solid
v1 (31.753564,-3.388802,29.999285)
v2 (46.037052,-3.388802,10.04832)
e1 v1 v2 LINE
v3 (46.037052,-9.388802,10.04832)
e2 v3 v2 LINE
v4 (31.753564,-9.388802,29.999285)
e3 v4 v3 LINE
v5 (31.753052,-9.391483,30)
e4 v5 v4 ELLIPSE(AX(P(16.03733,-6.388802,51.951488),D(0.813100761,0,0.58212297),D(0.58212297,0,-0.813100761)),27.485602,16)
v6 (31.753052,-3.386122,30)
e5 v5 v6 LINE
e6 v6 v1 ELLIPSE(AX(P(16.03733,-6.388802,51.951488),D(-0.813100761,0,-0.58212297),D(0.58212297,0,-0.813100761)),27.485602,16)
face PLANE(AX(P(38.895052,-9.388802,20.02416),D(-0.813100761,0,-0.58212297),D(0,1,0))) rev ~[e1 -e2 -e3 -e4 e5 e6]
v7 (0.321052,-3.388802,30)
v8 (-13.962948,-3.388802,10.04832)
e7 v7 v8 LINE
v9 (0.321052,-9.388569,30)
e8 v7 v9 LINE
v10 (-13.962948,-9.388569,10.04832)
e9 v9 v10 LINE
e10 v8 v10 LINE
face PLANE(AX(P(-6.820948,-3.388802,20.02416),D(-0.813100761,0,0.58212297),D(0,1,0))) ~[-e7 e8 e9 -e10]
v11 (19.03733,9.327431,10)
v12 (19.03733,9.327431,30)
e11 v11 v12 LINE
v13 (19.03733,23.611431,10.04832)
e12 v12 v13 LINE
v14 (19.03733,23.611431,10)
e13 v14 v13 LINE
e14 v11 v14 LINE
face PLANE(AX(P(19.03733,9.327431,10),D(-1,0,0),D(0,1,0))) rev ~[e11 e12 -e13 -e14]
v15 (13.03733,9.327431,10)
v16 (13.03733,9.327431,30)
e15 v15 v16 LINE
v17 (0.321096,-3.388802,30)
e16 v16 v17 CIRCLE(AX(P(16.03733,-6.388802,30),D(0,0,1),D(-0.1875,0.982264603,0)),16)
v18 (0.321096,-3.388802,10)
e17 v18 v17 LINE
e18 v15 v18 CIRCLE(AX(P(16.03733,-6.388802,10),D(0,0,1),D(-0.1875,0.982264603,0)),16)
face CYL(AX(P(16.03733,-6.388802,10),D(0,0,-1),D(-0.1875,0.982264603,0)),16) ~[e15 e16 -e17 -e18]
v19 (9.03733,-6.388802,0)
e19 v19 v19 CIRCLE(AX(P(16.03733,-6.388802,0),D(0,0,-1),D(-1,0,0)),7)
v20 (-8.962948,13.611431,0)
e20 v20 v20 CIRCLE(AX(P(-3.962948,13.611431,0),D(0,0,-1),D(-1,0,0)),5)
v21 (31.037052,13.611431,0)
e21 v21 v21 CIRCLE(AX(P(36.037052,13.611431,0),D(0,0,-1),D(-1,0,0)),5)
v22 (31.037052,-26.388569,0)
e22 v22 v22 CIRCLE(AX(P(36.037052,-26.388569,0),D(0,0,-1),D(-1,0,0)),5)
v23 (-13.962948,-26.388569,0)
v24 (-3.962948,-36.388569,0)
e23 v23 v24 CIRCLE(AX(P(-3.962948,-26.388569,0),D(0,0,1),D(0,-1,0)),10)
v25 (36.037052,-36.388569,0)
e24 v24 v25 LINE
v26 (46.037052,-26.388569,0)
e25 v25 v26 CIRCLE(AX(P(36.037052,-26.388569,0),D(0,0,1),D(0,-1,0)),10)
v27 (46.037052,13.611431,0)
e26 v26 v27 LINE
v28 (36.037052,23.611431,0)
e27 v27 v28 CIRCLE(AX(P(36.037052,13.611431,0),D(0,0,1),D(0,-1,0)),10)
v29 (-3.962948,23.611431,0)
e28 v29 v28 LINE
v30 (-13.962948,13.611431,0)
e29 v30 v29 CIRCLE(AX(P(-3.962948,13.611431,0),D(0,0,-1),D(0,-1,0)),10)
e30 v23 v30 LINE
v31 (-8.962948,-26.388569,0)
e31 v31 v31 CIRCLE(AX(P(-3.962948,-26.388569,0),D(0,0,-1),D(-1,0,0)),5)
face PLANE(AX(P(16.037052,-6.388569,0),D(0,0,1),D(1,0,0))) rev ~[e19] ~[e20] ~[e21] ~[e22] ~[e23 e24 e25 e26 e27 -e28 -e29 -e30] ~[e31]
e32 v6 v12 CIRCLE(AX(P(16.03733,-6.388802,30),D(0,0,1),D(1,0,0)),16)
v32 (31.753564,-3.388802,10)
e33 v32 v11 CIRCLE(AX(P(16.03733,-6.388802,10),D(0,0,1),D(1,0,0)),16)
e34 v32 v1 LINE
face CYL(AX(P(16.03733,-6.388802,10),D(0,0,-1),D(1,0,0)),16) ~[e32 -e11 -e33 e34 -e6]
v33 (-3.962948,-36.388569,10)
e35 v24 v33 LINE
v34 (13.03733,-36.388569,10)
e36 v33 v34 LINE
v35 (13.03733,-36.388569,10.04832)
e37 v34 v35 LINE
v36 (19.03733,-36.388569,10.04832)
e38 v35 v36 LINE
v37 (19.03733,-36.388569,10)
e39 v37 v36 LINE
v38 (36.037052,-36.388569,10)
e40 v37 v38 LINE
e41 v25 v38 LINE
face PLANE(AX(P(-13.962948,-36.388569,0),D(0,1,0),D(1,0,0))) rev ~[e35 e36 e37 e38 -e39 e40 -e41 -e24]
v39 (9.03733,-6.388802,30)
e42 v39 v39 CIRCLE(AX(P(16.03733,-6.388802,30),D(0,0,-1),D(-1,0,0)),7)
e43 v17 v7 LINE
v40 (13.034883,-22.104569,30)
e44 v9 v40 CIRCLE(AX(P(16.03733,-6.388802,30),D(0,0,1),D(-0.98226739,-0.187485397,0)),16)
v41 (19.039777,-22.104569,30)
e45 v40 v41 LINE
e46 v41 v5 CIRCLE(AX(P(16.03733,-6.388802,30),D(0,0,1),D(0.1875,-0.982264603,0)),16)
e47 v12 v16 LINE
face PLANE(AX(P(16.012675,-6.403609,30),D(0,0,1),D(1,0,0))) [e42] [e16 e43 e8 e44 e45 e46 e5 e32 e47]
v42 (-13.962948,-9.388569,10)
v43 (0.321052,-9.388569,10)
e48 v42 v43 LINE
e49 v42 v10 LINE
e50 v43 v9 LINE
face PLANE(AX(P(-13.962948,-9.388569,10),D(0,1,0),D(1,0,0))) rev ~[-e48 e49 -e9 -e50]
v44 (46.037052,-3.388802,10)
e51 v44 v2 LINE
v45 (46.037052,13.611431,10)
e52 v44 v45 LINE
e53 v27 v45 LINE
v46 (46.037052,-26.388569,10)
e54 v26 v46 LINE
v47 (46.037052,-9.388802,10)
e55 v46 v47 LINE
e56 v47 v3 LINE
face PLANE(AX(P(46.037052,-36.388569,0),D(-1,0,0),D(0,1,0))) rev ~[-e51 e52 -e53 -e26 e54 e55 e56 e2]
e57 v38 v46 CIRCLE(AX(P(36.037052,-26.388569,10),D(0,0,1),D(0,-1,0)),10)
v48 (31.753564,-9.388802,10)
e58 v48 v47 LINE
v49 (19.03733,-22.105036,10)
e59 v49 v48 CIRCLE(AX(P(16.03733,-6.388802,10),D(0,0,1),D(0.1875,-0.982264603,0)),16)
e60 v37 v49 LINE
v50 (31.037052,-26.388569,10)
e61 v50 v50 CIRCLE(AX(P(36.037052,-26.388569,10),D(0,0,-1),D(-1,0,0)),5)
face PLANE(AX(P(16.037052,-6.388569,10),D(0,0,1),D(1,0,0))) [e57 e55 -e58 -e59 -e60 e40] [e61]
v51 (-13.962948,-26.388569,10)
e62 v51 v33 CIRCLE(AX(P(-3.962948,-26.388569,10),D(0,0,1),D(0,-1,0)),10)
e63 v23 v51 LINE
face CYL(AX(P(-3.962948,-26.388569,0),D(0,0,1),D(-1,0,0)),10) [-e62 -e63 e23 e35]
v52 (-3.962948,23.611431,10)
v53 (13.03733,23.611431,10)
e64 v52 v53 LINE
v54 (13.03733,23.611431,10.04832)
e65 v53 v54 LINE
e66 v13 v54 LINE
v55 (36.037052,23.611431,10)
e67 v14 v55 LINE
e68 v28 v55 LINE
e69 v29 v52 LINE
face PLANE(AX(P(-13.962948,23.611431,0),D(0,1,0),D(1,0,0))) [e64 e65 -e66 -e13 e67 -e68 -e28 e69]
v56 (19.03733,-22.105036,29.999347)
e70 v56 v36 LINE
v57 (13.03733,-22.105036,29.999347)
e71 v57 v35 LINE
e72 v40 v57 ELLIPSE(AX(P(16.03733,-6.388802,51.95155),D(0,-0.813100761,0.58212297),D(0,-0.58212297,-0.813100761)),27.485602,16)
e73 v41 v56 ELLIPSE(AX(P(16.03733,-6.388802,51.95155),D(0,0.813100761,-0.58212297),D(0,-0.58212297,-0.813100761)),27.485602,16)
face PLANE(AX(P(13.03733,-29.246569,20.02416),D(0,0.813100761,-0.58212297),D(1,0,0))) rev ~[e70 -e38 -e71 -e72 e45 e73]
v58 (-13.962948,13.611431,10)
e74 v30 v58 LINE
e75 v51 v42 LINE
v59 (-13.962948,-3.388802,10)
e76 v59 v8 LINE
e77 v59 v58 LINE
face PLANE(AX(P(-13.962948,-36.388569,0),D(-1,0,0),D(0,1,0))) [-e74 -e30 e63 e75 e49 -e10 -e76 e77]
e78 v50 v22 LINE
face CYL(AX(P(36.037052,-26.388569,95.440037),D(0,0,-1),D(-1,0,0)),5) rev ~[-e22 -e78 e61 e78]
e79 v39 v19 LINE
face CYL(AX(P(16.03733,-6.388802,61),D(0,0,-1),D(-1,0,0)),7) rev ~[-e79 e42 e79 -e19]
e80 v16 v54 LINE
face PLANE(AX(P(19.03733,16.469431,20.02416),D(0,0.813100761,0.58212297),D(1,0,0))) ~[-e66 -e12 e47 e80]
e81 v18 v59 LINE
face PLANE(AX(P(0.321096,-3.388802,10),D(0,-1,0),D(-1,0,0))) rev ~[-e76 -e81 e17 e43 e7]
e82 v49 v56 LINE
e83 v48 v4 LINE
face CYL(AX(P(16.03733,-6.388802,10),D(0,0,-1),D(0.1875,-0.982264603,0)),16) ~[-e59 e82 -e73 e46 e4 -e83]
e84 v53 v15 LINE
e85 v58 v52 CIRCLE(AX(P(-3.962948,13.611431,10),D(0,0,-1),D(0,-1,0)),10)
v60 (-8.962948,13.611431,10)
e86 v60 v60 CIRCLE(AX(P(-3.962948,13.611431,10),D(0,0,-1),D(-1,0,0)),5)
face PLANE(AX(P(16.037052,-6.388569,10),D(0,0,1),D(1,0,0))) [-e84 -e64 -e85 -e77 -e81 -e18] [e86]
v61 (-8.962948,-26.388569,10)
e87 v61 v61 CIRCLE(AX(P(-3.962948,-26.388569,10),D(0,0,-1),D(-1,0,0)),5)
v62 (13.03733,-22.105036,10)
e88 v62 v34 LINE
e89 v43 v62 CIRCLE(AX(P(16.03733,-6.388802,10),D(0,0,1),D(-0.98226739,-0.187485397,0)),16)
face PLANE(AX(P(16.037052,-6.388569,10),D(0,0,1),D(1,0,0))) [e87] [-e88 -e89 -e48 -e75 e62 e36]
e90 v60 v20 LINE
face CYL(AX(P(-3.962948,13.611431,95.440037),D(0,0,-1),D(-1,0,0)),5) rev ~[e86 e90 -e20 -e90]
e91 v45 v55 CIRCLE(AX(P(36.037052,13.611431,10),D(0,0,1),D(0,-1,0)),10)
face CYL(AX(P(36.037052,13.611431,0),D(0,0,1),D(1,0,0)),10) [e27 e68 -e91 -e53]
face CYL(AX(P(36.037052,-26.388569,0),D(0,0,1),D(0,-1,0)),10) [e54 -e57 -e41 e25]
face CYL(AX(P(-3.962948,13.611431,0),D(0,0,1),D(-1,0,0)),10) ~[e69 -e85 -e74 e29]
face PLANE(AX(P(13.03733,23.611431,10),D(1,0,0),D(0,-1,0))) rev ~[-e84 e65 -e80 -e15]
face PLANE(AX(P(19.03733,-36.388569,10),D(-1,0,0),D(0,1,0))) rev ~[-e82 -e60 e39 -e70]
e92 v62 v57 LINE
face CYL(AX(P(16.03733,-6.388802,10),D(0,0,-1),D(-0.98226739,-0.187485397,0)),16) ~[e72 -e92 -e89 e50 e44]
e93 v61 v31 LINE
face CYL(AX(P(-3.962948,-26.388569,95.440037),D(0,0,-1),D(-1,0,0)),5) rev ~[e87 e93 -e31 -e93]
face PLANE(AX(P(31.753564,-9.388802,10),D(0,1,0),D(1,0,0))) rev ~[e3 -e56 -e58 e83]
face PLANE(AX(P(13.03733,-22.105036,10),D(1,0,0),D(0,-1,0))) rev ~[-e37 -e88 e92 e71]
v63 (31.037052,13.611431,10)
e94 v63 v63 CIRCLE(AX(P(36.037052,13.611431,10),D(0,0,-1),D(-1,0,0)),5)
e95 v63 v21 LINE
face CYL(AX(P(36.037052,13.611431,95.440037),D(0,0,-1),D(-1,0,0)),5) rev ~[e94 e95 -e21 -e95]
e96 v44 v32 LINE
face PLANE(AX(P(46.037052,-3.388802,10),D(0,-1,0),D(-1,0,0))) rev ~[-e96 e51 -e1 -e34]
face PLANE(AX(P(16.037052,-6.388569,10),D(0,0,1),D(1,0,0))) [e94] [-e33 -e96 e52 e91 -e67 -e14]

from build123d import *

# Parameters (mm, degrees)
F0_W     = 60
F0_H     = 60
F1_DEPTH = 10
F2_R     = 10
F4_D     = 10
F5_DEPTH = 20
F7_D     = 14
F7_DEPTH = 31
F7_TIP   = 4.2060243332
F8_SIZE2 = 19.9516800852
F8_SIZE  = 14.284


with BuildPart() as f1:
    # F0 (on Top) → F1 (new body)
    with BuildSketch(Plane.XY):
        with Locations((16.0370518267, -6.3885685802)):
            Rectangle(F0_W, F0_H)
    extrude(amount=F1_DEPTH)

    # F2
    f2_edges = [f1.edges().sort_by_distance(p)[0] for p in [
        (-13.962948, 23.611431, 5),
        (46.037052, 23.611431, 5),
        (46.037052, -36.388569, 5),
        (-13.962948, -36.388569, 5),
    ]]
    fillet(f2_edges, radius=F2_R)

    # F4 (through all)
    with Locations(Plane.XY.offset(10)):
        with Locations((-3.9629481733, 13.6114314198), (36.0370518267, 13.6114314198), (36.0370518267, -26.3885685802), (-3.9629481733, -26.3885685802)):
            Hole(F4_D / 2)

    # F3 (on face) → F5 (join)
    with BuildSketch(Plane.XY.offset(10)):
        with BuildLine():
            ThreePointArc((31.7535637154, -9.3888022257), (31.9662305079, -7.8954975618), (32.0373300699, -6.3888022257))
            ThreePointArc((32.0373300699, -6.3888022257), (31.9662305079, -4.8821068895), (31.7535637154, -3.3888022257))
            ThreePointArc((31.7535637154, -3.3888022257), (27.3510385689, 4.9249062733), (19.0373300699, 9.3274314198))
            ThreePointArc((19.0373300699, 9.3274314198), (16.0373300699, 9.6111977743), (13.0373300699, 9.3274314198))
            ThreePointArc((13.0373300699, 9.3274314198), (4.723621571, 4.9249062733), (0.3210964244, -3.3888022257))
            ThreePointArc((0.3210964244, -3.3888022257), (0.0373300704, -6.3886832938), (0.3210518267, -9.3885685802))
            ThreePointArc((0.3210518267, -9.3885685802), (4.7235374737, -17.7024266268), (13.0373300699, -22.1050358712))
            ThreePointArc((13.0373300699, -22.1050358712), (16.0373300699, -22.3888022257), (19.0373300699, -22.1050358712))
            ThreePointArc((19.0373300699, -22.1050358712), (27.3510385689, -17.7025107246), (31.7535637154, -9.3888022257))
        make_face()
        with BuildLine():
            ThreePointArc((31.7535637154, -3.3888022257), (31.9662305079, -4.8821068895), (32.0373300699, -6.3888022257))
            ThreePointArc((32.0373300699, -6.3888022257), (31.9662305079, -7.8954975618), (31.7535637154, -9.3888022257))
            Line((31.7535637154, -9.3888022257), (46.0370518267, -9.3888022257))
            Line((46.0370518267, -9.3888022257), (46.0370518267, -6.3885685802))
            Line((46.0370518267, -6.3885685802), (46.0370518267, -3.3888022257))
            Line((46.0370518267, -3.3888022257), (31.7535637154, -3.3888022257))
        make_face()
        with BuildLine():
            ThreePointArc((13.0373300699, 9.3274314198), (16.0373300699, 9.6111977743), (19.0373300699, 9.3274314198))
            Line((19.0373300699, 9.3274314198), (19.0373300699, 23.6114314198))
            Line((19.0373300699, 23.6114314198), (16.0370518267, 23.6114314198))
            Line((16.0370518267, 23.6114314198), (13.0373300699, 23.6114314198))
            Line((13.0373300699, 23.6114314198), (13.0373300699, 9.3274314198))
        make_face()
        with BuildLine():
            Line((19.0373300699, -36.3885685802), (19.0373300699, -22.1050358712))
            ThreePointArc((19.0373300699, -22.1050358712), (16.0373300699, -22.3888022257), (13.0373300699, -22.1050358712))
            Line((13.0373300699, -22.1050358712), (13.0373300699, -36.3885685802))
            Line((13.0373300699, -36.3885685802), (16.0370518267, -36.3885685802))
            Line((16.0370518267, -36.3885685802), (19.0373300699, -36.3885685802))
        make_face()
        with BuildLine():
            ThreePointArc((0.3210518267, -9.3885685802), (0.0373300704, -6.3886832938), (0.3210964244, -3.3888022257))
            Line((0.3210964244, -3.3888022257), (-13.9629481733, -3.3888022257))
            Line((-13.9629481733, -3.3888022257), (-13.9629481733, -6.3885685802))
            Line((-13.9629481733, -6.3885685802), (-13.9629481733, -9.3885685802))
            Line((-13.9629481733, -9.3885685802), (0.3210518267, -9.3885685802))
        make_face()
    extrude(amount=F5_DEPTH)

    # F7
    with Locations(Plane.XY.offset(30)):
        with Locations((16.0373300699, -6.3888022257)):
            Hole(F7_D / 2, depth=F7_DEPTH)
            with Locations((0, 0, -(F7_DEPTH + F7_TIP / 2))):  # 118° drill point
                Cone(0, F7_D / 2, F7_TIP, mode=Mode.SUBTRACT)

    # F8
    f8_edges = [f1.edges().sort_by_distance(p)[0] for p in [
        (-13.962948, -6.388685, 30),
        (16.03733, 23.611431, 30),
        (46.037052, -6.388802, 30),
        (16.03733, -36.388569, 30),
    ]]
    f8_side = f1.faces().sort_by_distance((26.751039, 4.324906, 30))[0]
    chamfer(f8_edges, length=F8_SIZE, length2=F8_SIZE2, reference=f8_side)


solid = f1.part
